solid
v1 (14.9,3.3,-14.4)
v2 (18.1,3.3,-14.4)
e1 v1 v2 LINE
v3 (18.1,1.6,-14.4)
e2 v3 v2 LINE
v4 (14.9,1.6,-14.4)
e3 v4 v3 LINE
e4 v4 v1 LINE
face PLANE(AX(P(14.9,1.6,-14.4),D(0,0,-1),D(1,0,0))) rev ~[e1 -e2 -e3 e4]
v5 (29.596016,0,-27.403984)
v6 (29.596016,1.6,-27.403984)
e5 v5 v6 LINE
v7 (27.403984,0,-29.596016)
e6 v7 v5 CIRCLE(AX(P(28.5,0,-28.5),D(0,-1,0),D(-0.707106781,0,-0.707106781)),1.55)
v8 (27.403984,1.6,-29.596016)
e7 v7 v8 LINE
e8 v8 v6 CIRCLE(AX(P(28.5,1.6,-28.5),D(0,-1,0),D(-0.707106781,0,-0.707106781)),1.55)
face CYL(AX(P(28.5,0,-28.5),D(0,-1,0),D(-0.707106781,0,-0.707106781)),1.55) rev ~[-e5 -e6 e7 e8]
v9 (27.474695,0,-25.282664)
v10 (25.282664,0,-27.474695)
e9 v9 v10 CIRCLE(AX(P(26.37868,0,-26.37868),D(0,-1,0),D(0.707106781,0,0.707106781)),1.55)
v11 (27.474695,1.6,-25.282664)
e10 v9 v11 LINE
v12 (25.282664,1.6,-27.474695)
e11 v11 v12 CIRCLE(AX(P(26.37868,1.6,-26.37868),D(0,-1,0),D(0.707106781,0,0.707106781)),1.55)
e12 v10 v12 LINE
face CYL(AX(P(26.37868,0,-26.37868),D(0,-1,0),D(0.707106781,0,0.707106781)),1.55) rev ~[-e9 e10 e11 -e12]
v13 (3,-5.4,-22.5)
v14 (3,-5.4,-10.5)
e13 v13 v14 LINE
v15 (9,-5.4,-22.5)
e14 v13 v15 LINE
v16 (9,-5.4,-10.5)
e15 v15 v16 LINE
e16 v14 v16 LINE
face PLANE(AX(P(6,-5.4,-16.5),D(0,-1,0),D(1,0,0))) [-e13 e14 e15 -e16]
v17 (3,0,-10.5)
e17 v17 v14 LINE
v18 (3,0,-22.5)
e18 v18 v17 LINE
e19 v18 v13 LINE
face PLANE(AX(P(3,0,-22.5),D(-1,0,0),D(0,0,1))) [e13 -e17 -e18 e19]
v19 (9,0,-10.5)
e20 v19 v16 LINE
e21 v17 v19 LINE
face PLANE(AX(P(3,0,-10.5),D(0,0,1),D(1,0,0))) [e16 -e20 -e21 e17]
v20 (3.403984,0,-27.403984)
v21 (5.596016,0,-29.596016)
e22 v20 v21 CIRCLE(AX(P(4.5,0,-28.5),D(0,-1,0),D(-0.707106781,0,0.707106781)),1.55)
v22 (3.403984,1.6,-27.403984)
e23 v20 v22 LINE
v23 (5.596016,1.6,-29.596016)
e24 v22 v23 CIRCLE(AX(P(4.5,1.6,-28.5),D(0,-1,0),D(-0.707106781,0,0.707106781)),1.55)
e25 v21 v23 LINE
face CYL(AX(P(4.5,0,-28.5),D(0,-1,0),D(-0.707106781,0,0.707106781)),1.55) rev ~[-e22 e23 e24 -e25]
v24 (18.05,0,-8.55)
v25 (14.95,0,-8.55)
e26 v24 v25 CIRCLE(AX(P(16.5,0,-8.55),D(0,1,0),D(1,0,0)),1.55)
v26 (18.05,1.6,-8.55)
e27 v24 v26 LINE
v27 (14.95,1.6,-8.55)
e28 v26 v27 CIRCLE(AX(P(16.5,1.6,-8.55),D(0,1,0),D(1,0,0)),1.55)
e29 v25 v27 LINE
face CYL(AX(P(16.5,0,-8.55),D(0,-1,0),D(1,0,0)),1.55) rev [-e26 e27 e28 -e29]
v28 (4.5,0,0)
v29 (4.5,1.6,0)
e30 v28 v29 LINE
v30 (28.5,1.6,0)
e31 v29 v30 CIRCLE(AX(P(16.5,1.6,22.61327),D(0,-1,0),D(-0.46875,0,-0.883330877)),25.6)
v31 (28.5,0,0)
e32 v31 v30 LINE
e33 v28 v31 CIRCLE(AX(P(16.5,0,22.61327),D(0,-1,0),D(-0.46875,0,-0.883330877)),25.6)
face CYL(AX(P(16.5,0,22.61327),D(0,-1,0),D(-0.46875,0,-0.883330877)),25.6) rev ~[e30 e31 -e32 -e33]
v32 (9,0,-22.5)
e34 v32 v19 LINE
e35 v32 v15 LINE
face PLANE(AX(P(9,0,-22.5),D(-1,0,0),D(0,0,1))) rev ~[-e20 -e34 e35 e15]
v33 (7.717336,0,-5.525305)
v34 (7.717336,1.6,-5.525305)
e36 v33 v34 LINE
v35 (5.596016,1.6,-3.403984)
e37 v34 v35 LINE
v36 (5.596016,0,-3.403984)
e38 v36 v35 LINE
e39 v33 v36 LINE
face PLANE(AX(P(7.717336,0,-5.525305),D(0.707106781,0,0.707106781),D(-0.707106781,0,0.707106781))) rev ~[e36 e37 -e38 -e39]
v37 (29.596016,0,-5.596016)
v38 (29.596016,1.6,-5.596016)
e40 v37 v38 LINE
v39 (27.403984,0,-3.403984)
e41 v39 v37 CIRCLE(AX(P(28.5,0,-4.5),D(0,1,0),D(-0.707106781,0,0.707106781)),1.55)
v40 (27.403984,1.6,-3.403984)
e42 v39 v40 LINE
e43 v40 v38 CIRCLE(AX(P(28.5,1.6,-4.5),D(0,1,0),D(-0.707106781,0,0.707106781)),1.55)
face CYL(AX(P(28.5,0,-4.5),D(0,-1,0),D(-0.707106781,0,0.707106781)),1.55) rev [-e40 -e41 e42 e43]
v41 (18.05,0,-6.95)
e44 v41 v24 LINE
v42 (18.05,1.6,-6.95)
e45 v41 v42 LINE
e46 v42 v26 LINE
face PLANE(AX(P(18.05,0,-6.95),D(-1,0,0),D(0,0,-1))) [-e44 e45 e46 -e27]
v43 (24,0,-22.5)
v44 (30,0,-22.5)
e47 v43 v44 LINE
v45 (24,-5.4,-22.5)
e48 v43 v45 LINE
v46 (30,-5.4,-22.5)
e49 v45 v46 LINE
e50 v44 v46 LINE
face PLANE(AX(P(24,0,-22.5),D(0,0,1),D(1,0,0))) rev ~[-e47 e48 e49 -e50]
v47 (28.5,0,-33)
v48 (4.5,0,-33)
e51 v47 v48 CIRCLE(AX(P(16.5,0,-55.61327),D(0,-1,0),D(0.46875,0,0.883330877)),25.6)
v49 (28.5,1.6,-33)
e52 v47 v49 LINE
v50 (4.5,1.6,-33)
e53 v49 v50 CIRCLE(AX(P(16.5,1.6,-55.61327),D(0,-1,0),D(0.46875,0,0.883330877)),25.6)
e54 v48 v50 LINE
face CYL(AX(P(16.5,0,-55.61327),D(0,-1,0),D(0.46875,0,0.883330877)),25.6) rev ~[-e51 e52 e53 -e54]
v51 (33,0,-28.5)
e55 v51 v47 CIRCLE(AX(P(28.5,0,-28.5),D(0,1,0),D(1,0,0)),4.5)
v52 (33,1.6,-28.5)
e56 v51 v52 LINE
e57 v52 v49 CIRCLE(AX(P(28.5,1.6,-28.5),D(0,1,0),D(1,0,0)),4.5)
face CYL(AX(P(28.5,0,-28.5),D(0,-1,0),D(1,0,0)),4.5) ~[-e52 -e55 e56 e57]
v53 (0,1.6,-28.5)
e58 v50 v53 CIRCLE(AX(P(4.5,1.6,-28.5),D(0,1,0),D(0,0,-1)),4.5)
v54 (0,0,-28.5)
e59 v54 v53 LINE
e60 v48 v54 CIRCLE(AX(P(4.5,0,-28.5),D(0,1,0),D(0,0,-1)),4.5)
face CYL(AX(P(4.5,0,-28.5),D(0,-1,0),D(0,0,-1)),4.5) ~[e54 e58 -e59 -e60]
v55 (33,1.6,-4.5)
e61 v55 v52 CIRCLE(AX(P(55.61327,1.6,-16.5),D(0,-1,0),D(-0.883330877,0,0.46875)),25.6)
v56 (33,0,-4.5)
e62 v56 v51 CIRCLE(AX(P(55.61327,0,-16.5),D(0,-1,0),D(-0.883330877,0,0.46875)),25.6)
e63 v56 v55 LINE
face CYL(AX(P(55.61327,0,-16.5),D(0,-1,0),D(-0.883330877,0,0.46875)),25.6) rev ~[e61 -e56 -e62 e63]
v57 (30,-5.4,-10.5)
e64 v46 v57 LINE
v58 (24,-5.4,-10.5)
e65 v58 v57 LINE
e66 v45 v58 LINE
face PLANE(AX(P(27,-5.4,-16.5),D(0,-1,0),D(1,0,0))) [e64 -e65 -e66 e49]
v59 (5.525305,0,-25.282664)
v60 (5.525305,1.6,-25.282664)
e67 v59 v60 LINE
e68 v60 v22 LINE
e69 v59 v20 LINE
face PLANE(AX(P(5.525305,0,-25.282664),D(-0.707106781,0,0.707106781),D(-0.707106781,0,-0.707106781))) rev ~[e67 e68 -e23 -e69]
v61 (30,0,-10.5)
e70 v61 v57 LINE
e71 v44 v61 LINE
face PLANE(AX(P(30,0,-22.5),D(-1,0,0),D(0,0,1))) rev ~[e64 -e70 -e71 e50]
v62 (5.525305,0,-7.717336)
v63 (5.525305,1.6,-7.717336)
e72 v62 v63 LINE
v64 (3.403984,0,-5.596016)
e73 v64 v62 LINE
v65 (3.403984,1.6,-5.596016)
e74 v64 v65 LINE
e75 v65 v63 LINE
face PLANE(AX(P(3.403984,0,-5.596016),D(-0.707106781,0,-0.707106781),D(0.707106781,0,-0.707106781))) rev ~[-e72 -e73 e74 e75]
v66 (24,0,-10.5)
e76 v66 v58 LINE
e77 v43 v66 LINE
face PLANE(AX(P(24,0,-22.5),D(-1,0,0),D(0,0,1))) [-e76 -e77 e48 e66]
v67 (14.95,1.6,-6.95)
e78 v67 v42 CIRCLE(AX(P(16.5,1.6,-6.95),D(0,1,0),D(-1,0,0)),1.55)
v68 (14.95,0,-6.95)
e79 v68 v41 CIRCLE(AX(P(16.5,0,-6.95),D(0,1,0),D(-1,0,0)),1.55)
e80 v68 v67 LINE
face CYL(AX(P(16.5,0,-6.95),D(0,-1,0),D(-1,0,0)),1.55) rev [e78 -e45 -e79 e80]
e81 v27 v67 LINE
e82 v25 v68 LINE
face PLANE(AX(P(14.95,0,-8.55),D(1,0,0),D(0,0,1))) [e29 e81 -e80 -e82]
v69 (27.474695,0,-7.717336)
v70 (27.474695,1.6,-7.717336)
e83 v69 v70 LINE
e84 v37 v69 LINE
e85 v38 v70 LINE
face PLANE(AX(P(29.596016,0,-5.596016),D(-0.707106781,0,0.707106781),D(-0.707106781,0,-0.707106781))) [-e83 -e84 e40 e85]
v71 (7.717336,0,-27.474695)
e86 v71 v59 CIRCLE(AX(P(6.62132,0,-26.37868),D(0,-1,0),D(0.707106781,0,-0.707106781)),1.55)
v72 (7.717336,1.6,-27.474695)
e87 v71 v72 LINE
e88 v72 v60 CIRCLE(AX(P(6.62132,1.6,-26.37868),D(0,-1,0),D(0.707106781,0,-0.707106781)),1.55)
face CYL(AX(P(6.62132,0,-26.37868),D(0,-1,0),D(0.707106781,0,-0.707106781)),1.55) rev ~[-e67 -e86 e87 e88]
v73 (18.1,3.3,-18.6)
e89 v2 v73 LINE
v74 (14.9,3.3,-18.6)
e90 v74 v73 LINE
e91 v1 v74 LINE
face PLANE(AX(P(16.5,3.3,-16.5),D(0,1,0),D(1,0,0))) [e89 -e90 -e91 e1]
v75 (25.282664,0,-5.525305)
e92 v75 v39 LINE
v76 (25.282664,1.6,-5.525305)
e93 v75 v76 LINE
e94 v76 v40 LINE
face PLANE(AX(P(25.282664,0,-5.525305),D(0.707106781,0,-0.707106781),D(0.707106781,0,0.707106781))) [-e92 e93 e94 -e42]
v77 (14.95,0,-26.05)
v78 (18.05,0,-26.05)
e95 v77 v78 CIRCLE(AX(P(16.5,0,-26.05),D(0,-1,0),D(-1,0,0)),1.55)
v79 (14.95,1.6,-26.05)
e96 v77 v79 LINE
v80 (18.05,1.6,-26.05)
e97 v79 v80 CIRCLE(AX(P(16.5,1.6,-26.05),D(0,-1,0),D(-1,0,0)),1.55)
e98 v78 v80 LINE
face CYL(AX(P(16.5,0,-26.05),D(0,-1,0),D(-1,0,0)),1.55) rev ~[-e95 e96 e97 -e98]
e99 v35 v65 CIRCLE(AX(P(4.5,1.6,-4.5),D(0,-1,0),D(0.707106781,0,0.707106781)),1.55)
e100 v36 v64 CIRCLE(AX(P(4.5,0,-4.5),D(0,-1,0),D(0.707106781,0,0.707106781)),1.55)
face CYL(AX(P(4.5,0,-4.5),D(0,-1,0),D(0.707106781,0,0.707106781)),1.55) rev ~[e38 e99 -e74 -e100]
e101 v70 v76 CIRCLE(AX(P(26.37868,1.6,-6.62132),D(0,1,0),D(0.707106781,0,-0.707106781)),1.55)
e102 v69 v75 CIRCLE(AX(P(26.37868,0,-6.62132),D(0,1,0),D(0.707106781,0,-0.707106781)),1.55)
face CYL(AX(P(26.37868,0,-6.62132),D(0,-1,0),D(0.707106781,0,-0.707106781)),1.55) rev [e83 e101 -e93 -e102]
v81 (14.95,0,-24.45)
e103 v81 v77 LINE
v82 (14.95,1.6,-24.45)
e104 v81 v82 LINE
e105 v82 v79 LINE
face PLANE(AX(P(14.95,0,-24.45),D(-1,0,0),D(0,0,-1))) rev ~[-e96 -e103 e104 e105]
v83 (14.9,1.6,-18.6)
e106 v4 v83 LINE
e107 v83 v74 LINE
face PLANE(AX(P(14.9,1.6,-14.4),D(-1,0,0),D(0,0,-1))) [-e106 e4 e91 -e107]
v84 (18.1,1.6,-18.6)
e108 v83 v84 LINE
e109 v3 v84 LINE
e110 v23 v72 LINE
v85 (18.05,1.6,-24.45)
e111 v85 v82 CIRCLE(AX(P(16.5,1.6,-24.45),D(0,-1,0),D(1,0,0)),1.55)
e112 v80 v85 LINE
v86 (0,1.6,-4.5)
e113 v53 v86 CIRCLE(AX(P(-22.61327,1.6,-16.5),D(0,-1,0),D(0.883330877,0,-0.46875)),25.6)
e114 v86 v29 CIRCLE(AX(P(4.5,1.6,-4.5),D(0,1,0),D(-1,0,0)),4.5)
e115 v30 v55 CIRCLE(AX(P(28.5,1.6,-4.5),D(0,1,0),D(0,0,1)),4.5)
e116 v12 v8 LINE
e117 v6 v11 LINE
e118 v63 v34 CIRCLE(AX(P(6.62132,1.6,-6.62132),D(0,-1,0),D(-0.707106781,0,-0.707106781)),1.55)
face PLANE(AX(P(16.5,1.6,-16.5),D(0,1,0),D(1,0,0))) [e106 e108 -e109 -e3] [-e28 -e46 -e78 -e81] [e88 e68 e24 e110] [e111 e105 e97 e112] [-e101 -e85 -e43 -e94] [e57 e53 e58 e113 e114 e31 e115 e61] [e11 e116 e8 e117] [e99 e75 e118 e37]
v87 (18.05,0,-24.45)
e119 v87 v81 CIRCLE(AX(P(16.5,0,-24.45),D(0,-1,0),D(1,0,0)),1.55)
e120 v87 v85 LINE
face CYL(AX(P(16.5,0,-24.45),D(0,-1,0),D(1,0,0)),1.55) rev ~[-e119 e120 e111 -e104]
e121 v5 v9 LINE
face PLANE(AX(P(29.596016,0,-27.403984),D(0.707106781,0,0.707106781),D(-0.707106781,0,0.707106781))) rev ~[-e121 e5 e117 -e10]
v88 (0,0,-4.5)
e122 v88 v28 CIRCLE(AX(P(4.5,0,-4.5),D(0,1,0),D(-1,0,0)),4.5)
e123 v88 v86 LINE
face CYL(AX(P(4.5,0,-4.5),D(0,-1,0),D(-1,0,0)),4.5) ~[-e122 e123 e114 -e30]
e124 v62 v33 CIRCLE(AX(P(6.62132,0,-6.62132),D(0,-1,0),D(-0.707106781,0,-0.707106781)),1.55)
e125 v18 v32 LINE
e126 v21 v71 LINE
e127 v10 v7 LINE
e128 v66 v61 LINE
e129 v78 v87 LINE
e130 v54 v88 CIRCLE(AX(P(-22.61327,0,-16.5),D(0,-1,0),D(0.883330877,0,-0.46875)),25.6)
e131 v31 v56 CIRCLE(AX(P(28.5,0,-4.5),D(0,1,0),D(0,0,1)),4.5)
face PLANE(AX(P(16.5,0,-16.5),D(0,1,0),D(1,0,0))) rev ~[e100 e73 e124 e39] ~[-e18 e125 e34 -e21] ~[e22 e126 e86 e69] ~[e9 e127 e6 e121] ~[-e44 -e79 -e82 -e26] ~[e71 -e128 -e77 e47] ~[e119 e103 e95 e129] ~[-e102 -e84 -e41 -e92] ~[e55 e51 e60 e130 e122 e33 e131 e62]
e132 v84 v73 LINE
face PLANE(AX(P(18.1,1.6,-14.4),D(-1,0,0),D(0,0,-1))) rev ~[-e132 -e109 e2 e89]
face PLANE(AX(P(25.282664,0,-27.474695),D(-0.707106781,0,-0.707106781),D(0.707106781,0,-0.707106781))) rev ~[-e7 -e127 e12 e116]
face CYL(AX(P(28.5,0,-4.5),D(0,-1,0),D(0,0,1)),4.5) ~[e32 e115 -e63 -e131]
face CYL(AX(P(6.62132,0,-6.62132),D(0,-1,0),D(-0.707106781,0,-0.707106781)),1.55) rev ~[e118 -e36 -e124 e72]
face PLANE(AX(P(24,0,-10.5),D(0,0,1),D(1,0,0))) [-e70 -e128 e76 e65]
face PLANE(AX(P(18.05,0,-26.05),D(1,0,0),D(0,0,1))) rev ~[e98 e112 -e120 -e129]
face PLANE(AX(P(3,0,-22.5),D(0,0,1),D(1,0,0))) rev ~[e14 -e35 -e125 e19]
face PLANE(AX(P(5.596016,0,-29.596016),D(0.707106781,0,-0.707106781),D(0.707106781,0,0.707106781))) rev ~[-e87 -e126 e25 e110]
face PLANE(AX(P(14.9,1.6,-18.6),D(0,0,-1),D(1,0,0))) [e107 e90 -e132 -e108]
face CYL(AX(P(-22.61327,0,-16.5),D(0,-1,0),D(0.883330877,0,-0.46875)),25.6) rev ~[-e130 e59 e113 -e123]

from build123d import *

# Parameters (mm, degrees)
BOSS_EXTRUDE1_DEPTH = 1.6
SKETCH2_W           = 3.2
SKETCH2_H           = 4.2
BOSS_EXTRUDE2_DEPTH = 1.7
SKETCH3_W           = 6
SKETCH3_H           = 12
BOSS_EXTRUDE3_DEPTH = 5.4


with BuildPart() as part:
    # Sketch1 → Boss-Extrude1 (new body)
    with BuildSketch(Plane(origin=(0, 0, 0), x_dir=(1, 0, 0), z_dir=(0, 1, 0))):
        with BuildLine():
            ThreePointArc((0, 4.5), (1.318019485, 1.318019485), (4.5, 0))
            ThreePointArc((4.5, 0), (16.5, 2.98672956), (28.5, 0))
            ThreePointArc((28.5, 0), (31.681980515, 1.318019485), (33, 4.5))
            ThreePointArc((33, 4.5), (30.01327044, 16.5), (33, 28.5))
            ThreePointArc((33, 28.5), (31.681980515, 31.681980515), (28.5, 33))
            ThreePointArc((28.5, 33), (16.5, 30.01327044), (4.5, 33))
            ThreePointArc((4.5, 33), (1.318019485, 31.681980515), (0, 28.5))
            ThreePointArc((0, 28.5), (2.98672956, 16.5), (0, 4.5))
        make_face()
        with BuildLine():
            Line((18.05, 26.05), (18.05, 24.45))
            ThreePointArc((18.05, 24.45), (16.5, 22.9), (14.95, 24.45))
            Line((14.95, 24.45), (14.95, 26.05))
            ThreePointArc((14.95, 26.05), (16.5, 27.6), (18.05, 26.05))
        make_face(mode=Mode.SUBTRACT)
        with BuildLine():
            Line((3.403984489, 5.596015511), (5.525304833, 7.717335854))
            ThreePointArc((5.525304833, 7.717335854), (7.717335854, 7.717335854), (7.717335854, 5.525304833))
            Line((7.717335854, 5.525304833), (5.596015511, 3.403984489))
            ThreePointArc((5.596015511, 3.403984489), (3.403984489, 3.403984489), (3.403984489, 5.596015511))
        make_face(mode=Mode.SUBTRACT)
        with BuildLine():
            Line((29.596015511, 5.596015511), (27.474695167, 7.717335854))
            ThreePointArc((27.474695167, 7.717335854), (25.282664146, 7.717335854), (25.282664146, 5.525304833))
            Line((25.282664146, 5.525304833), (27.403984489, 3.403984489))
            ThreePointArc((27.403984489, 3.403984489), (29.596015511, 3.403984489), (29.596015511, 5.596015511))
        make_face(mode=Mode.SUBTRACT)
        with BuildLine():
            Line((18.05, 6.95), (18.05, 8.55))
            ThreePointArc((18.05, 8.55), (16.5, 10.1), (14.95, 8.55))
            Line((14.95, 8.55), (14.95, 6.95))
            ThreePointArc((14.95, 6.95), (16.5, 5.4), (18.05, 6.95))
        make_face(mode=Mode.SUBTRACT)
        with BuildLine():
            Line((5.596015511, 29.596015511), (7.717335854, 27.474695167))
            ThreePointArc((7.717335854, 27.474695167), (7.717335854, 25.282664146), (5.525304833, 25.282664146))
            Line((5.525304833, 25.282664146), (3.403984489, 27.403984489))
            ThreePointArc((3.403984489, 27.403984489), (3.403984489, 29.596015511), (5.596015511, 29.596015511))
        make_face(mode=Mode.SUBTRACT)
        with BuildLine():
            Line((25.282664146, 27.474695167), (27.403984489, 29.596015511))
            ThreePointArc((27.403984489, 29.596015511), (29.596015511, 29.596015511), (29.596015511, 27.403984489))
            Line((29.596015511, 27.403984489), (27.474695167, 25.282664146))
            ThreePointArc((27.474695167, 25.282664146), (25.282664146, 25.282664146), (25.282664146, 27.474695167))
        make_face(mode=Mode.SUBTRACT)
    extrude(amount=BOSS_EXTRUDE1_DEPTH)

    # Sketch2 → Boss-Extrude2 (add)
    with BuildSketch(Plane(origin=(0, 1.6, 0), x_dir=(1, 0, 0), z_dir=(0, 1, 0))):
        with Locations((16.5, 16.5)):
            Rectangle(SKETCH2_W, SKETCH2_H)
    extrude(amount=BOSS_EXTRUDE2_DEPTH)

    # Sketch3 → Boss-Extrude3 (add)
    with BuildSketch(Plane.XZ):
        with Locations((6, -16.5)):
            Rectangle(SKETCH3_W, SKETCH3_H)
        with Locations((27, -16.5)):
            Rectangle(SKETCH3_W, SKETCH3_H)
    extrude(amount=BOSS_EXTRUDE3_DEPTH)


solid = part.part
